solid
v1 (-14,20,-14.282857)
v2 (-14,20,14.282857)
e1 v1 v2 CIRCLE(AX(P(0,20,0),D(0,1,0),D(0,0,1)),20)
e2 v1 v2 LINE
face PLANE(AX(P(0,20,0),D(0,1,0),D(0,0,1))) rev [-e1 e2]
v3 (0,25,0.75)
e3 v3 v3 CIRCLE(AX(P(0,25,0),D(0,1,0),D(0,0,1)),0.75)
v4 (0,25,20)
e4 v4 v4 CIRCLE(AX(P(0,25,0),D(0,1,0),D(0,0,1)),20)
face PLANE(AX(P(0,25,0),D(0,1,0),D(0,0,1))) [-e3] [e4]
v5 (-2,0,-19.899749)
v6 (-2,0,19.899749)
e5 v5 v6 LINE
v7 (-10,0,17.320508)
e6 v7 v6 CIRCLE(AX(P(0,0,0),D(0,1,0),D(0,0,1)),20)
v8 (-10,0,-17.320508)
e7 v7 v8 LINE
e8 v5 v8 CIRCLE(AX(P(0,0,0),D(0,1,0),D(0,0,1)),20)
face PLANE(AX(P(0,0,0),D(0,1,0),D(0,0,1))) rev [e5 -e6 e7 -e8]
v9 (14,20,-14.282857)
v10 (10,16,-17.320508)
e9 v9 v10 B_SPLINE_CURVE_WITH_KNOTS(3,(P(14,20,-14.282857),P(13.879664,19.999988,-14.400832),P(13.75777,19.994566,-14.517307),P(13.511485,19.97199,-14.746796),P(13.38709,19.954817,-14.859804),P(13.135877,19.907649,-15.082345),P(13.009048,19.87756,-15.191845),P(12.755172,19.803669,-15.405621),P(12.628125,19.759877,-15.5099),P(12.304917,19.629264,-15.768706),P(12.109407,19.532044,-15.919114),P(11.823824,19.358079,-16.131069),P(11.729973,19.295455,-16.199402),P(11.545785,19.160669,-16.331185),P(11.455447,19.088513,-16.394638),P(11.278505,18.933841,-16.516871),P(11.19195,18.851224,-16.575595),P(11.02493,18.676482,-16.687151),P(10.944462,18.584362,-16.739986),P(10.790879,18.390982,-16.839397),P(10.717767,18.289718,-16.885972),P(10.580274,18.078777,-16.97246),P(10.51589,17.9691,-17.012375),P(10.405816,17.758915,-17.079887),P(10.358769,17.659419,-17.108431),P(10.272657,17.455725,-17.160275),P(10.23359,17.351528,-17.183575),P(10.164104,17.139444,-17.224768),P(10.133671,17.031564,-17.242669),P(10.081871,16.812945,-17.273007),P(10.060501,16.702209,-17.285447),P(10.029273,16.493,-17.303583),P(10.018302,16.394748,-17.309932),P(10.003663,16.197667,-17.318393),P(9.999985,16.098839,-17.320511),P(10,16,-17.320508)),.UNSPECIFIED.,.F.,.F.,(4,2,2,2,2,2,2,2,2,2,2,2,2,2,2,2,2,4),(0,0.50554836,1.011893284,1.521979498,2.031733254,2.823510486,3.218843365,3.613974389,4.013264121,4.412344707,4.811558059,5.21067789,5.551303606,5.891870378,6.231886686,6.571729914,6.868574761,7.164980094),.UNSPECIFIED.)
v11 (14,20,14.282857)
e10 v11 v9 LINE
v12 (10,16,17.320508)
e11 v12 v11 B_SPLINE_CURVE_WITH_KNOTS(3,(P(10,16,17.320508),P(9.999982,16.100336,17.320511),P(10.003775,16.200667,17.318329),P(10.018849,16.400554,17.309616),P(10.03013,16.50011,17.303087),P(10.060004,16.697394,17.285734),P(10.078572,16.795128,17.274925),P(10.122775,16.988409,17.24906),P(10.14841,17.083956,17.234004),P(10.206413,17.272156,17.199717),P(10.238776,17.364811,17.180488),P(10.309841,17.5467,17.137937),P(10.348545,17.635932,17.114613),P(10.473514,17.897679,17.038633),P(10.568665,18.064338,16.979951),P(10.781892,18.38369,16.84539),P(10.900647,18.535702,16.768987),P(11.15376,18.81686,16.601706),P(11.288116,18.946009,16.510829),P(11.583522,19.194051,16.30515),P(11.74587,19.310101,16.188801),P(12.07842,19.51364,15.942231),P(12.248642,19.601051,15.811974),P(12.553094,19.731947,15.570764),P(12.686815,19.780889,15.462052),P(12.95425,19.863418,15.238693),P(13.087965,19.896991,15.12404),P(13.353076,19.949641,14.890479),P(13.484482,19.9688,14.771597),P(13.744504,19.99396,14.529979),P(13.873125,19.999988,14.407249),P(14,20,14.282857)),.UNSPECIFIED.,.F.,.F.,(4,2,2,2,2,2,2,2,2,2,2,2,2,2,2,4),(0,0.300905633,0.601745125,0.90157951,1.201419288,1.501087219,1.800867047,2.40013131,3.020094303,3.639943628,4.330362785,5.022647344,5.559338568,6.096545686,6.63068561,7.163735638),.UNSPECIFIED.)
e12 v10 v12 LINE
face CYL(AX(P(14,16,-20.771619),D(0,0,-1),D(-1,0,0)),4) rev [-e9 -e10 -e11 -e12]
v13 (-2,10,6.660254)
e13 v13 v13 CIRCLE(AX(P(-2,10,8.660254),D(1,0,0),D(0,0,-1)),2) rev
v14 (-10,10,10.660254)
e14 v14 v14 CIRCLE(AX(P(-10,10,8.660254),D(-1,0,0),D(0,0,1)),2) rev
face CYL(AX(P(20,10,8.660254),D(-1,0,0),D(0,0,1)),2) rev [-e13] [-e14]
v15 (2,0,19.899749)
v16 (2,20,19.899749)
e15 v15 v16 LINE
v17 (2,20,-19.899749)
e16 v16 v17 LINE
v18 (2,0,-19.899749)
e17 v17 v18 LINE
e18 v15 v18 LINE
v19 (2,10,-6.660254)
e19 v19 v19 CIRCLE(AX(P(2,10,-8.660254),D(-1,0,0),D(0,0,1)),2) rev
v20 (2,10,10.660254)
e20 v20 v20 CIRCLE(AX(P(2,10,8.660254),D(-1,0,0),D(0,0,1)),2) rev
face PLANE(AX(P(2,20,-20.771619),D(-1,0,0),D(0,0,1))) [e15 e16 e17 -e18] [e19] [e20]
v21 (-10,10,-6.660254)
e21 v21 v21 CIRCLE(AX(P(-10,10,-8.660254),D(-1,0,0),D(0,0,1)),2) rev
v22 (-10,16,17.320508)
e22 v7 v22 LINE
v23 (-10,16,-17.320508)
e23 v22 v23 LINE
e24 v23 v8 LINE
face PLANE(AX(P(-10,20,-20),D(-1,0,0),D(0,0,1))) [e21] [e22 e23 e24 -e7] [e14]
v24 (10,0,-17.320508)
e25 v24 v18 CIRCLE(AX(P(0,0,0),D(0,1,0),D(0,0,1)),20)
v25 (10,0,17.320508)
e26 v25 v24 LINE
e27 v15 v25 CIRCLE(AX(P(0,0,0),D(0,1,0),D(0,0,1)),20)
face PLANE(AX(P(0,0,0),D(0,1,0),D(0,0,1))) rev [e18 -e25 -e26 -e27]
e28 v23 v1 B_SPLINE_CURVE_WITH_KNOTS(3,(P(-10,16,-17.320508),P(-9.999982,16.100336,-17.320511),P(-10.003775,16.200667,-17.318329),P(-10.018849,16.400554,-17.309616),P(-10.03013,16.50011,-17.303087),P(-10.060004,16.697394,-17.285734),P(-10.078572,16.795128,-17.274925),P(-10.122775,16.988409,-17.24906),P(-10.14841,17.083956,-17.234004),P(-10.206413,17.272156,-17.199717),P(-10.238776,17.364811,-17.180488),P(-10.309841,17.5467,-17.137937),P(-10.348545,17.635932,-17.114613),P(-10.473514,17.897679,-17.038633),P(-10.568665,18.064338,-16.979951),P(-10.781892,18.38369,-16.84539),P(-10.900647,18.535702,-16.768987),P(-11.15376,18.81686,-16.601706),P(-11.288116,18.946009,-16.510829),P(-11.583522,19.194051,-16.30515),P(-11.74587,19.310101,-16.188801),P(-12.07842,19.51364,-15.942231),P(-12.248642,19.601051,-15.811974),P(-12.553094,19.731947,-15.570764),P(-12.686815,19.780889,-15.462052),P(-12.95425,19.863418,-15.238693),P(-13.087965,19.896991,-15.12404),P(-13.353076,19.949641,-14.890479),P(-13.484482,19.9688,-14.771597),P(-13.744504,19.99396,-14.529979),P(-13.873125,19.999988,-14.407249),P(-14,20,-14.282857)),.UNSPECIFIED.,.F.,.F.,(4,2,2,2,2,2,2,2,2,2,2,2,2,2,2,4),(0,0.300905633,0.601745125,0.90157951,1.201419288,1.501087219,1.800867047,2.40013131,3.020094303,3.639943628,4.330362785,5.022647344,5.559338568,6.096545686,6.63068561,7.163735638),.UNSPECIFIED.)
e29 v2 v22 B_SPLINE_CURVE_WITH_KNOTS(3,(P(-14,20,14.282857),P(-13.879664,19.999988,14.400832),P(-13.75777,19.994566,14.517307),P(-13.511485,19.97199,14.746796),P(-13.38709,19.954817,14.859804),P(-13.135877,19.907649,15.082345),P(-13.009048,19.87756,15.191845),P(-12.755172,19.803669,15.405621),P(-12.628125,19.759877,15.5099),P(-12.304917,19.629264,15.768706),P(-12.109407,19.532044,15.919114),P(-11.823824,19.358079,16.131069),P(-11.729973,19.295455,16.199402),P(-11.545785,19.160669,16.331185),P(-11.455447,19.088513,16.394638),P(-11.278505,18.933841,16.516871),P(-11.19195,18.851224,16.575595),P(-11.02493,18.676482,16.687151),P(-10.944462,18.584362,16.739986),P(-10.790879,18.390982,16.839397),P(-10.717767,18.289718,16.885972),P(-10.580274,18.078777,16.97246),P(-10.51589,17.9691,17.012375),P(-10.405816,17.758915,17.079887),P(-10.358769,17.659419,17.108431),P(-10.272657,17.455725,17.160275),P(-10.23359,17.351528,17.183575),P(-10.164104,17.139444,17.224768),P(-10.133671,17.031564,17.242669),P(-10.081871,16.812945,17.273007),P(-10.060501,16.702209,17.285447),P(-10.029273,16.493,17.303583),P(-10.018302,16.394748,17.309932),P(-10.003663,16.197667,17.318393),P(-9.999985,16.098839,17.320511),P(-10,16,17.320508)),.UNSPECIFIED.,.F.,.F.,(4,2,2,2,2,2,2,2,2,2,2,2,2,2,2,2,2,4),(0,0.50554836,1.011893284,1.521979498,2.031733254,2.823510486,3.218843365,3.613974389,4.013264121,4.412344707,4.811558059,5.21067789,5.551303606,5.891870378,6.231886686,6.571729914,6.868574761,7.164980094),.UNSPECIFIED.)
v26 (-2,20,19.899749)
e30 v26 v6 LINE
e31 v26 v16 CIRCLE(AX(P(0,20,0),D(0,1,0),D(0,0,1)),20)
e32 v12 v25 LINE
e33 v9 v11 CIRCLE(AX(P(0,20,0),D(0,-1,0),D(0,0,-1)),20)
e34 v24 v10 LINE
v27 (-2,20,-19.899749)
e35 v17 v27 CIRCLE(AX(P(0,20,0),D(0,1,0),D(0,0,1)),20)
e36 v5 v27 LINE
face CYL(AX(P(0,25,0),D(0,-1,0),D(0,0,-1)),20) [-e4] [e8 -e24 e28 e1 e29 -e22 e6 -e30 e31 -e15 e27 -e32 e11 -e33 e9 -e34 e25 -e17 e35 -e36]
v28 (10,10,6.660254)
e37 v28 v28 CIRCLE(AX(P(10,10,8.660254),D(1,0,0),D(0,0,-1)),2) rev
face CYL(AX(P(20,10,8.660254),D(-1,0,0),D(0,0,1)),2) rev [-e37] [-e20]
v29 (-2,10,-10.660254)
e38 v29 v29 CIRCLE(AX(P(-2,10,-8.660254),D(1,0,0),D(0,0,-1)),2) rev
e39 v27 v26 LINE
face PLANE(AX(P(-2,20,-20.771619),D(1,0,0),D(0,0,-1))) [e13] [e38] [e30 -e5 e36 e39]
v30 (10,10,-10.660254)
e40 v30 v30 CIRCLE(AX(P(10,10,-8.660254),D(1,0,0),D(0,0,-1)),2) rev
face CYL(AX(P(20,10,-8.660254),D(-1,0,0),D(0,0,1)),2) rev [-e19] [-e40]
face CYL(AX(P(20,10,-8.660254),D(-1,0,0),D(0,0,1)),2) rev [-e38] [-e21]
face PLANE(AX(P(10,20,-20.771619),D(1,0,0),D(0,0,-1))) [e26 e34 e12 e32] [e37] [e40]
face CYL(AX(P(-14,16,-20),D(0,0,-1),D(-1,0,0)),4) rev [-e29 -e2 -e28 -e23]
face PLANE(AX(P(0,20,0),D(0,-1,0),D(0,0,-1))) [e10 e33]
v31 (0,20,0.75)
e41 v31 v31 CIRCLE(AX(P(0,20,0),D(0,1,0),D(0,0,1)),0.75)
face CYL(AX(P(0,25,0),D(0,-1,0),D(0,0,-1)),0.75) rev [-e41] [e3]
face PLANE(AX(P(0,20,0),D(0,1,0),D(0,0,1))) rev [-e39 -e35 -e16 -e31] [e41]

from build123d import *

# Parameters (mm, degrees)
ESBO_O1_R                  = 20
ESBO_O1_R_2                = 0.75
RESSALTO_EXTRUS_O1_DEPTH   = 25
ESBO_O2_W                  = 4
ESBO_O2_H                  = 42.07133093
ESBO_O2_W_2                = 15.138637908
ESBO_O2_H_2                = 40
ESBO_O2_W_3                = 12.263470243
CORTE_EXTRUS_O1_DEPTH      = 20
ESBO_O3_R                  = 2
CORTE_EXTRUS_O2_DEPTH      = 20
CORTE_EXTRUS_O2_DEPTH_BACK = 20
FILETE1_R                  = 4


with BuildPart() as part:
    # Esboço1 → Ressalto-extrusão1 (new body)
    with BuildSketch(Plane(origin=(0, 0, 0), x_dir=(1, 0, 0), z_dir=(0, 1, 0))):
        Circle(ESBO_O1_R)
        Circle(ESBO_O1_R_2, mode=Mode.SUBTRACT)
    extrude(amount=RESSALTO_EXTRUS_O1_DEPTH)

    # Esboço2 → Corte-extrusão1 (cut)
    with BuildSketch(Plane(origin=(0, 0, 0), x_dir=(1, 0, 0), z_dir=(0, 1, 0))):
        with Locations((0, -0.26404601)):
            Rectangle(ESBO_O2_W, ESBO_O2_H)
        with Locations((-17.569318954, 0)):
            Rectangle(ESBO_O2_W_2, ESBO_O2_H_2)
        with Locations((16.131735122, -0.26404601)):
            Rectangle(ESBO_O2_W_3, ESBO_O2_H)
    extrude(amount=CORTE_EXTRUS_O1_DEPTH, mode=Mode.SUBTRACT)

    # Esboço3 → Corte-extrusão2 (cut, two sides)
    with BuildSketch(Plane(origin=(0, 0, 0), x_dir=(0, 0, -1), z_dir=(1, 0, 0))) as corte_extrus_o2_sk:
        with Locations((-8.660254038, 10)):
            Circle(ESBO_O3_R)
        with Locations((8.660254038, 10)):
            Circle(ESBO_O3_R)
    extrude(amount=CORTE_EXTRUS_O2_DEPTH, mode=Mode.SUBTRACT)
    extrude(corte_extrus_o2_sk.sketch, amount=-CORTE_EXTRUS_O2_DEPTH_BACK, mode=Mode.SUBTRACT)

    # Filete1
    filete1_edges = [part.edges().sort_by_distance(p)[0] for p in [
        (-10, 20, 0),
        (10, 20, 0),
    ]]
    fillet(filete1_edges, radius=FILETE1_R)


solid = part.part
